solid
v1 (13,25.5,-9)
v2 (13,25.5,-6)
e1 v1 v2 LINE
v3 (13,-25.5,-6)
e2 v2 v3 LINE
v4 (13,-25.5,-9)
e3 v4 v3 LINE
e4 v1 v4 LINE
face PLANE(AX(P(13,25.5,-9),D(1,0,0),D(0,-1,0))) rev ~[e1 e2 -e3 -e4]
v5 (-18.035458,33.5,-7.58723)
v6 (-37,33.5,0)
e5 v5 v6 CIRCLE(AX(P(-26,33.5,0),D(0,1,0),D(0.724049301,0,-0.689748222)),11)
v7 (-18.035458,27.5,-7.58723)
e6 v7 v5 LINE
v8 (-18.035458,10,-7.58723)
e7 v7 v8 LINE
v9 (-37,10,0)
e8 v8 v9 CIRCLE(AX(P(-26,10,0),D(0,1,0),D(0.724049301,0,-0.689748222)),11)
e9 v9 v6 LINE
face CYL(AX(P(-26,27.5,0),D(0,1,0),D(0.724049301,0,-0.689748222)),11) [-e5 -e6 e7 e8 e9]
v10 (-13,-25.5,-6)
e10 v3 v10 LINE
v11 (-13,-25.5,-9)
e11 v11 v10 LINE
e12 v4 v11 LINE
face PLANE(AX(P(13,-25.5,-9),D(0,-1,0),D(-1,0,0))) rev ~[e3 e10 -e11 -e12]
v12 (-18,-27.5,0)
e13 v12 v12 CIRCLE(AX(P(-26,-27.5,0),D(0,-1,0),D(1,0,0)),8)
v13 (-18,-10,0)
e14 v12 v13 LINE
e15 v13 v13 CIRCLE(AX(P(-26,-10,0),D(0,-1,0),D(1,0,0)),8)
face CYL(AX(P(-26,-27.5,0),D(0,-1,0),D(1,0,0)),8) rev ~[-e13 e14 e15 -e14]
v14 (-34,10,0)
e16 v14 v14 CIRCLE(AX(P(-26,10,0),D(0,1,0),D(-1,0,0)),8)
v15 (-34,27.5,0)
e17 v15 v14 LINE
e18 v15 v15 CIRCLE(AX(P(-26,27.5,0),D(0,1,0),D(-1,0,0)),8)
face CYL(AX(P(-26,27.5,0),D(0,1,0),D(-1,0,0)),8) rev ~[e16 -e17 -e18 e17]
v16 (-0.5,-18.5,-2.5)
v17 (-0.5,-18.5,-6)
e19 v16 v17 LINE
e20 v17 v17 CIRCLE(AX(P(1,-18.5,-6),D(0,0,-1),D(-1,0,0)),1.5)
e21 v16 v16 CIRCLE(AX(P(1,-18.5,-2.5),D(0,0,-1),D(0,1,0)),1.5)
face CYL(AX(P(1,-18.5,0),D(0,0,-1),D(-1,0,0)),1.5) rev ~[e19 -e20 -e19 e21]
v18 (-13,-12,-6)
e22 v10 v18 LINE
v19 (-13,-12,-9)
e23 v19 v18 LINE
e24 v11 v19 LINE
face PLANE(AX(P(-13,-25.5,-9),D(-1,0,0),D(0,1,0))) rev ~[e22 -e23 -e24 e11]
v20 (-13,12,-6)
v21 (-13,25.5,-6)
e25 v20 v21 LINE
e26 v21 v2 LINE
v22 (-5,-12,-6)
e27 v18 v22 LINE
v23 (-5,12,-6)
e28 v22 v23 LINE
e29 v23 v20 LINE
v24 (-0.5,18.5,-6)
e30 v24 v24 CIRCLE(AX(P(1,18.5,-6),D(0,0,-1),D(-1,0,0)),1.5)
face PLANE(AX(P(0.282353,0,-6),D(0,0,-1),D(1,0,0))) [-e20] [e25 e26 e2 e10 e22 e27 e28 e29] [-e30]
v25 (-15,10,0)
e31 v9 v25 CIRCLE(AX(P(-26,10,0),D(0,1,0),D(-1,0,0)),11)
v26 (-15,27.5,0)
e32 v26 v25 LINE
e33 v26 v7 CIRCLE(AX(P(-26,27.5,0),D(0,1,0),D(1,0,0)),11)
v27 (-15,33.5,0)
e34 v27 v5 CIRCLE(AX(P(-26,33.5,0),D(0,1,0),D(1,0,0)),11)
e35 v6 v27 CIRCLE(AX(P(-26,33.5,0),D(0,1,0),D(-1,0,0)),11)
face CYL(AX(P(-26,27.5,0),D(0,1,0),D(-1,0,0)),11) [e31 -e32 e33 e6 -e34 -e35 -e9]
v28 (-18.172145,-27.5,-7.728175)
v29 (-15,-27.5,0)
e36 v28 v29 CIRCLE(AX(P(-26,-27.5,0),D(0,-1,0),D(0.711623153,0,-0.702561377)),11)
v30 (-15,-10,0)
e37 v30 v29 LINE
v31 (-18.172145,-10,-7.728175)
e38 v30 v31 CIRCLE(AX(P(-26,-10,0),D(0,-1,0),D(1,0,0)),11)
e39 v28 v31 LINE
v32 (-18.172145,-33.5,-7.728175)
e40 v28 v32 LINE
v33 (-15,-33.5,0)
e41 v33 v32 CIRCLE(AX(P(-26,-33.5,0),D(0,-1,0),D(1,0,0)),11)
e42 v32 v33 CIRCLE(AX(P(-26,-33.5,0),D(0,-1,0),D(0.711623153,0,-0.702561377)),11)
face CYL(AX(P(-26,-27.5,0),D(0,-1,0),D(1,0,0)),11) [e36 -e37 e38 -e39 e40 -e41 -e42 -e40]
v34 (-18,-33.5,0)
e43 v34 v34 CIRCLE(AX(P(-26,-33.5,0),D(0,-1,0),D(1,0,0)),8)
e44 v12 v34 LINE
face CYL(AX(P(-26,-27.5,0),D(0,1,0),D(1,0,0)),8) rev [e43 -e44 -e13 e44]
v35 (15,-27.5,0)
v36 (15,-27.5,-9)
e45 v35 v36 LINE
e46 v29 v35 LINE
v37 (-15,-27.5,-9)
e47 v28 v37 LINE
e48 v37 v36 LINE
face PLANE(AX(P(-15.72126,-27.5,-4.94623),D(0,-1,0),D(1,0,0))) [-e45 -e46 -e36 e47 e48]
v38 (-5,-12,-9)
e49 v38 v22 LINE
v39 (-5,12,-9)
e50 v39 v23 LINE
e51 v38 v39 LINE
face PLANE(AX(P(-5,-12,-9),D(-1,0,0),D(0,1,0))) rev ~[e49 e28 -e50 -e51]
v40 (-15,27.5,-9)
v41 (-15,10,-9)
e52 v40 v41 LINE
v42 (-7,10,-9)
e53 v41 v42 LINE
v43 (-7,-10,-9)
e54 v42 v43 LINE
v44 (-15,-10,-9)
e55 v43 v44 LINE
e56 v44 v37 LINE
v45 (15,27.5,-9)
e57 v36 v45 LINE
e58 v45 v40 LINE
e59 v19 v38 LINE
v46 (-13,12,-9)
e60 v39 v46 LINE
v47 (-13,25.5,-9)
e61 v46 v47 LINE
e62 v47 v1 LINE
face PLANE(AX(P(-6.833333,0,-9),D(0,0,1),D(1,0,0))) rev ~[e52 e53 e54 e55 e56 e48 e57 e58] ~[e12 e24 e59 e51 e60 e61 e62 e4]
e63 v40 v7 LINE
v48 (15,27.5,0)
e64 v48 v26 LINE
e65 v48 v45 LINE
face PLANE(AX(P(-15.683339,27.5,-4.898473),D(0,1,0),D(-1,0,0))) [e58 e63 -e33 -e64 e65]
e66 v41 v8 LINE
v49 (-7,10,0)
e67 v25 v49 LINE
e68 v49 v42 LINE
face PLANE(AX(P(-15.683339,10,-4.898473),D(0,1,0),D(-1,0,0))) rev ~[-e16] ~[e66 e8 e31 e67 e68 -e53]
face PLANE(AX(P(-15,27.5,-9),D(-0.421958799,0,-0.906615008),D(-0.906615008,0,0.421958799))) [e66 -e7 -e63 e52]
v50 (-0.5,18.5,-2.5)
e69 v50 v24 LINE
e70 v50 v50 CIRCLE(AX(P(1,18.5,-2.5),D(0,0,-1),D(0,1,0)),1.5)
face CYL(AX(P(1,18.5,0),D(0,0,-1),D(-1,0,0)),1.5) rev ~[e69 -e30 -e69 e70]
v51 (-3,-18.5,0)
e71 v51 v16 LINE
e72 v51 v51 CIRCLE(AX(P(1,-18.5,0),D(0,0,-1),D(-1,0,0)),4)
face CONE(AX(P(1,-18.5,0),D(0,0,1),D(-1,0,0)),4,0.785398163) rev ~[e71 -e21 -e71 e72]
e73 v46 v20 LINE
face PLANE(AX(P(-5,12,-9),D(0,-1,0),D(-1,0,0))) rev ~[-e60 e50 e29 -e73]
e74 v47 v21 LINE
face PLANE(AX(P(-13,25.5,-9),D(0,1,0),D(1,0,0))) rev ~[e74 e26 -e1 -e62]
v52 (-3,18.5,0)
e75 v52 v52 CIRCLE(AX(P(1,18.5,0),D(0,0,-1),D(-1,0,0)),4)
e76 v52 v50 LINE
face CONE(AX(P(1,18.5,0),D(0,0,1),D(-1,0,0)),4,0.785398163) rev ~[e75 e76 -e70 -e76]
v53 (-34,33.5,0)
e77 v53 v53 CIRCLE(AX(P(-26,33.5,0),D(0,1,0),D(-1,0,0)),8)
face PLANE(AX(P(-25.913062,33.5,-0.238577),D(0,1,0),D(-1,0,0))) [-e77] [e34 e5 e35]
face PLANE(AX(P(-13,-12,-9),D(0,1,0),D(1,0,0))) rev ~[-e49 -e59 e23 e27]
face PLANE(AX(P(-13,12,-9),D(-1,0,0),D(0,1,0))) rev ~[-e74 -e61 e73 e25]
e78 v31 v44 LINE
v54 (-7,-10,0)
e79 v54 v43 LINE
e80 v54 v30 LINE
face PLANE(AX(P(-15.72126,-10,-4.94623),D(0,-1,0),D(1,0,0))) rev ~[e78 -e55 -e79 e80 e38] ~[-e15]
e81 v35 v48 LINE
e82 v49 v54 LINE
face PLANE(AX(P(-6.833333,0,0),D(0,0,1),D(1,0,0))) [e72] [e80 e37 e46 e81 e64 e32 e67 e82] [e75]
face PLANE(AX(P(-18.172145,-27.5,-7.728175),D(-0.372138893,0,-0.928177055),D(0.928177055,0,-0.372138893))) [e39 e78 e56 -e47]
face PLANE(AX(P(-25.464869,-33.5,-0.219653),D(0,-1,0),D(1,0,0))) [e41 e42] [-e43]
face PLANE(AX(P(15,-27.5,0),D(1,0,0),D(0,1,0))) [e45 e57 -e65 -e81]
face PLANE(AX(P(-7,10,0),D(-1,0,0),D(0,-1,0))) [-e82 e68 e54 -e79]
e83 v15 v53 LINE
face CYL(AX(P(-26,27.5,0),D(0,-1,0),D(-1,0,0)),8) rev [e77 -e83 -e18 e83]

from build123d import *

# Parameters (mm, degrees)
F1_DEPTH        = 9
F3_DEPTH        = 3
F4_R            = 8
F5_DEPTH        = 6
F5_DEPTH_BACK   = 17.5
F6_DEPTH        = 17.5
F7_R            = 8
F8_DEPTH        = 17.5
F8_DEPTH_BACK   = 6
F9_DEPTH        = 17.5
F11_D           = 3
F11_CSINK_D     = 8
F11_CSINK_ANGLE = 90


with BuildPart() as f1:
    # F0 (on Top) → F1 (new body)
    with BuildSketch(Plane.XY):
        Polygon((-15, -10), (-15, -27.5), (0, -27.5), (0, 0), (0, 27.5), (-15, 27.5), (-15, 10), (-7, 10), (-7, 0), (-7, -10), align=None)
        Polygon((0, 0), (0, -27.5), (15, -27.5), (15, 0), (15, 27.5), (0, 27.5), align=None)
    extrude(amount=-F1_DEPTH)

    # F2 (on face) → F3 (cut)
    with BuildSketch(Plane(origin=(0, 0, -9), x_dir=(1, 0, 0), z_dir=(0, 0, -1))):
        Polygon((-13, 25.5), (-13, 12), (-7, 12), (-5, 12), (-5, 10), (-5, -10), (-5, -12), (-7, -12), (-13, -12), (-13, -25.5), (13, -25.5), (13, 25.5), align=None)
    extrude(amount=-F3_DEPTH, mode=Mode.SUBTRACT)

    # F4 (on face) → F5 (join, two sides)
    with BuildSketch(Plane.XZ.offset(27.5)) as f5_sk:
        with BuildLine():
            ThreePointArc((-18.172145319, -7.7281751464), (-15.8238906872, -4.1769365873), (-15, 0))
            ThreePointArc((-15, 0), (-36.1761093128, 4.1769365873), (-18.172145319, -7.7281751464))
        make_face()
        with Locations((-26, 0)):
            Circle(F4_R, mode=Mode.SUBTRACT)
    extrude(amount=F5_DEPTH)
    extrude(f5_sk.sketch, amount=-F5_DEPTH_BACK)

    # F4 (on face) → F6 (join)
    with BuildSketch(Plane.XZ.offset(27.5)):
        with BuildLine():
            Line((-15, -9), (-15, 0))
            ThreePointArc((-15, 0), (-15.8238906872, -4.1769365873), (-18.172145319, -7.7281751464))
            Line((-18.172145319, -7.7281751464), (-15, -9))
        make_face()
    extrude(amount=-F6_DEPTH)

    # F7 (on face) → F8 (join, two sides)
    with BuildSketch(Plane(origin=(0, 27.5, 0), x_dir=(-1, 0, 0), z_dir=(0, 1, 0))) as f8_sk:
        with BuildLine():
            ThreePointArc((18.0354576911, -7.5872304439), (30.0859536587, -10.2129810878), (37, 0))
            ThreePointArc((37, 0), (26, 11), (15, 0))
            ThreePointArc((15, 0), (15.7870189122, -4.0859536587), (18.0354576911, -7.5872304439))
        make_face()
        with Locations((26, 0)):
            Circle(F7_R, mode=Mode.SUBTRACT)
    extrude(amount=-F8_DEPTH)
    extrude(f8_sk.sketch, amount=F8_DEPTH_BACK)

    # F7 (on face) → F9 (join)
    with BuildSketch(Plane(origin=(0, 27.5, 0), x_dir=(-1, 0, 0), z_dir=(0, 1, 0))):
        with BuildLine():
            ThreePointArc((18.0354576911, -7.5872304439), (15.7870189122, -4.0859536587), (15, 0))
            Line((15, 0), (15, -9))
            Line((15, -9), (18.0354576911, -7.5872304439))
        make_face()
    extrude(amount=-F9_DEPTH)

    # F11 (through all)
    with Locations(Plane.XY):
        with Locations((1, 18.5), (1, -18.5)):
            CounterSinkHole(F11_D / 2, F11_CSINK_D / 2, counter_sink_angle=F11_CSINK_ANGLE)


solid = f1.part
